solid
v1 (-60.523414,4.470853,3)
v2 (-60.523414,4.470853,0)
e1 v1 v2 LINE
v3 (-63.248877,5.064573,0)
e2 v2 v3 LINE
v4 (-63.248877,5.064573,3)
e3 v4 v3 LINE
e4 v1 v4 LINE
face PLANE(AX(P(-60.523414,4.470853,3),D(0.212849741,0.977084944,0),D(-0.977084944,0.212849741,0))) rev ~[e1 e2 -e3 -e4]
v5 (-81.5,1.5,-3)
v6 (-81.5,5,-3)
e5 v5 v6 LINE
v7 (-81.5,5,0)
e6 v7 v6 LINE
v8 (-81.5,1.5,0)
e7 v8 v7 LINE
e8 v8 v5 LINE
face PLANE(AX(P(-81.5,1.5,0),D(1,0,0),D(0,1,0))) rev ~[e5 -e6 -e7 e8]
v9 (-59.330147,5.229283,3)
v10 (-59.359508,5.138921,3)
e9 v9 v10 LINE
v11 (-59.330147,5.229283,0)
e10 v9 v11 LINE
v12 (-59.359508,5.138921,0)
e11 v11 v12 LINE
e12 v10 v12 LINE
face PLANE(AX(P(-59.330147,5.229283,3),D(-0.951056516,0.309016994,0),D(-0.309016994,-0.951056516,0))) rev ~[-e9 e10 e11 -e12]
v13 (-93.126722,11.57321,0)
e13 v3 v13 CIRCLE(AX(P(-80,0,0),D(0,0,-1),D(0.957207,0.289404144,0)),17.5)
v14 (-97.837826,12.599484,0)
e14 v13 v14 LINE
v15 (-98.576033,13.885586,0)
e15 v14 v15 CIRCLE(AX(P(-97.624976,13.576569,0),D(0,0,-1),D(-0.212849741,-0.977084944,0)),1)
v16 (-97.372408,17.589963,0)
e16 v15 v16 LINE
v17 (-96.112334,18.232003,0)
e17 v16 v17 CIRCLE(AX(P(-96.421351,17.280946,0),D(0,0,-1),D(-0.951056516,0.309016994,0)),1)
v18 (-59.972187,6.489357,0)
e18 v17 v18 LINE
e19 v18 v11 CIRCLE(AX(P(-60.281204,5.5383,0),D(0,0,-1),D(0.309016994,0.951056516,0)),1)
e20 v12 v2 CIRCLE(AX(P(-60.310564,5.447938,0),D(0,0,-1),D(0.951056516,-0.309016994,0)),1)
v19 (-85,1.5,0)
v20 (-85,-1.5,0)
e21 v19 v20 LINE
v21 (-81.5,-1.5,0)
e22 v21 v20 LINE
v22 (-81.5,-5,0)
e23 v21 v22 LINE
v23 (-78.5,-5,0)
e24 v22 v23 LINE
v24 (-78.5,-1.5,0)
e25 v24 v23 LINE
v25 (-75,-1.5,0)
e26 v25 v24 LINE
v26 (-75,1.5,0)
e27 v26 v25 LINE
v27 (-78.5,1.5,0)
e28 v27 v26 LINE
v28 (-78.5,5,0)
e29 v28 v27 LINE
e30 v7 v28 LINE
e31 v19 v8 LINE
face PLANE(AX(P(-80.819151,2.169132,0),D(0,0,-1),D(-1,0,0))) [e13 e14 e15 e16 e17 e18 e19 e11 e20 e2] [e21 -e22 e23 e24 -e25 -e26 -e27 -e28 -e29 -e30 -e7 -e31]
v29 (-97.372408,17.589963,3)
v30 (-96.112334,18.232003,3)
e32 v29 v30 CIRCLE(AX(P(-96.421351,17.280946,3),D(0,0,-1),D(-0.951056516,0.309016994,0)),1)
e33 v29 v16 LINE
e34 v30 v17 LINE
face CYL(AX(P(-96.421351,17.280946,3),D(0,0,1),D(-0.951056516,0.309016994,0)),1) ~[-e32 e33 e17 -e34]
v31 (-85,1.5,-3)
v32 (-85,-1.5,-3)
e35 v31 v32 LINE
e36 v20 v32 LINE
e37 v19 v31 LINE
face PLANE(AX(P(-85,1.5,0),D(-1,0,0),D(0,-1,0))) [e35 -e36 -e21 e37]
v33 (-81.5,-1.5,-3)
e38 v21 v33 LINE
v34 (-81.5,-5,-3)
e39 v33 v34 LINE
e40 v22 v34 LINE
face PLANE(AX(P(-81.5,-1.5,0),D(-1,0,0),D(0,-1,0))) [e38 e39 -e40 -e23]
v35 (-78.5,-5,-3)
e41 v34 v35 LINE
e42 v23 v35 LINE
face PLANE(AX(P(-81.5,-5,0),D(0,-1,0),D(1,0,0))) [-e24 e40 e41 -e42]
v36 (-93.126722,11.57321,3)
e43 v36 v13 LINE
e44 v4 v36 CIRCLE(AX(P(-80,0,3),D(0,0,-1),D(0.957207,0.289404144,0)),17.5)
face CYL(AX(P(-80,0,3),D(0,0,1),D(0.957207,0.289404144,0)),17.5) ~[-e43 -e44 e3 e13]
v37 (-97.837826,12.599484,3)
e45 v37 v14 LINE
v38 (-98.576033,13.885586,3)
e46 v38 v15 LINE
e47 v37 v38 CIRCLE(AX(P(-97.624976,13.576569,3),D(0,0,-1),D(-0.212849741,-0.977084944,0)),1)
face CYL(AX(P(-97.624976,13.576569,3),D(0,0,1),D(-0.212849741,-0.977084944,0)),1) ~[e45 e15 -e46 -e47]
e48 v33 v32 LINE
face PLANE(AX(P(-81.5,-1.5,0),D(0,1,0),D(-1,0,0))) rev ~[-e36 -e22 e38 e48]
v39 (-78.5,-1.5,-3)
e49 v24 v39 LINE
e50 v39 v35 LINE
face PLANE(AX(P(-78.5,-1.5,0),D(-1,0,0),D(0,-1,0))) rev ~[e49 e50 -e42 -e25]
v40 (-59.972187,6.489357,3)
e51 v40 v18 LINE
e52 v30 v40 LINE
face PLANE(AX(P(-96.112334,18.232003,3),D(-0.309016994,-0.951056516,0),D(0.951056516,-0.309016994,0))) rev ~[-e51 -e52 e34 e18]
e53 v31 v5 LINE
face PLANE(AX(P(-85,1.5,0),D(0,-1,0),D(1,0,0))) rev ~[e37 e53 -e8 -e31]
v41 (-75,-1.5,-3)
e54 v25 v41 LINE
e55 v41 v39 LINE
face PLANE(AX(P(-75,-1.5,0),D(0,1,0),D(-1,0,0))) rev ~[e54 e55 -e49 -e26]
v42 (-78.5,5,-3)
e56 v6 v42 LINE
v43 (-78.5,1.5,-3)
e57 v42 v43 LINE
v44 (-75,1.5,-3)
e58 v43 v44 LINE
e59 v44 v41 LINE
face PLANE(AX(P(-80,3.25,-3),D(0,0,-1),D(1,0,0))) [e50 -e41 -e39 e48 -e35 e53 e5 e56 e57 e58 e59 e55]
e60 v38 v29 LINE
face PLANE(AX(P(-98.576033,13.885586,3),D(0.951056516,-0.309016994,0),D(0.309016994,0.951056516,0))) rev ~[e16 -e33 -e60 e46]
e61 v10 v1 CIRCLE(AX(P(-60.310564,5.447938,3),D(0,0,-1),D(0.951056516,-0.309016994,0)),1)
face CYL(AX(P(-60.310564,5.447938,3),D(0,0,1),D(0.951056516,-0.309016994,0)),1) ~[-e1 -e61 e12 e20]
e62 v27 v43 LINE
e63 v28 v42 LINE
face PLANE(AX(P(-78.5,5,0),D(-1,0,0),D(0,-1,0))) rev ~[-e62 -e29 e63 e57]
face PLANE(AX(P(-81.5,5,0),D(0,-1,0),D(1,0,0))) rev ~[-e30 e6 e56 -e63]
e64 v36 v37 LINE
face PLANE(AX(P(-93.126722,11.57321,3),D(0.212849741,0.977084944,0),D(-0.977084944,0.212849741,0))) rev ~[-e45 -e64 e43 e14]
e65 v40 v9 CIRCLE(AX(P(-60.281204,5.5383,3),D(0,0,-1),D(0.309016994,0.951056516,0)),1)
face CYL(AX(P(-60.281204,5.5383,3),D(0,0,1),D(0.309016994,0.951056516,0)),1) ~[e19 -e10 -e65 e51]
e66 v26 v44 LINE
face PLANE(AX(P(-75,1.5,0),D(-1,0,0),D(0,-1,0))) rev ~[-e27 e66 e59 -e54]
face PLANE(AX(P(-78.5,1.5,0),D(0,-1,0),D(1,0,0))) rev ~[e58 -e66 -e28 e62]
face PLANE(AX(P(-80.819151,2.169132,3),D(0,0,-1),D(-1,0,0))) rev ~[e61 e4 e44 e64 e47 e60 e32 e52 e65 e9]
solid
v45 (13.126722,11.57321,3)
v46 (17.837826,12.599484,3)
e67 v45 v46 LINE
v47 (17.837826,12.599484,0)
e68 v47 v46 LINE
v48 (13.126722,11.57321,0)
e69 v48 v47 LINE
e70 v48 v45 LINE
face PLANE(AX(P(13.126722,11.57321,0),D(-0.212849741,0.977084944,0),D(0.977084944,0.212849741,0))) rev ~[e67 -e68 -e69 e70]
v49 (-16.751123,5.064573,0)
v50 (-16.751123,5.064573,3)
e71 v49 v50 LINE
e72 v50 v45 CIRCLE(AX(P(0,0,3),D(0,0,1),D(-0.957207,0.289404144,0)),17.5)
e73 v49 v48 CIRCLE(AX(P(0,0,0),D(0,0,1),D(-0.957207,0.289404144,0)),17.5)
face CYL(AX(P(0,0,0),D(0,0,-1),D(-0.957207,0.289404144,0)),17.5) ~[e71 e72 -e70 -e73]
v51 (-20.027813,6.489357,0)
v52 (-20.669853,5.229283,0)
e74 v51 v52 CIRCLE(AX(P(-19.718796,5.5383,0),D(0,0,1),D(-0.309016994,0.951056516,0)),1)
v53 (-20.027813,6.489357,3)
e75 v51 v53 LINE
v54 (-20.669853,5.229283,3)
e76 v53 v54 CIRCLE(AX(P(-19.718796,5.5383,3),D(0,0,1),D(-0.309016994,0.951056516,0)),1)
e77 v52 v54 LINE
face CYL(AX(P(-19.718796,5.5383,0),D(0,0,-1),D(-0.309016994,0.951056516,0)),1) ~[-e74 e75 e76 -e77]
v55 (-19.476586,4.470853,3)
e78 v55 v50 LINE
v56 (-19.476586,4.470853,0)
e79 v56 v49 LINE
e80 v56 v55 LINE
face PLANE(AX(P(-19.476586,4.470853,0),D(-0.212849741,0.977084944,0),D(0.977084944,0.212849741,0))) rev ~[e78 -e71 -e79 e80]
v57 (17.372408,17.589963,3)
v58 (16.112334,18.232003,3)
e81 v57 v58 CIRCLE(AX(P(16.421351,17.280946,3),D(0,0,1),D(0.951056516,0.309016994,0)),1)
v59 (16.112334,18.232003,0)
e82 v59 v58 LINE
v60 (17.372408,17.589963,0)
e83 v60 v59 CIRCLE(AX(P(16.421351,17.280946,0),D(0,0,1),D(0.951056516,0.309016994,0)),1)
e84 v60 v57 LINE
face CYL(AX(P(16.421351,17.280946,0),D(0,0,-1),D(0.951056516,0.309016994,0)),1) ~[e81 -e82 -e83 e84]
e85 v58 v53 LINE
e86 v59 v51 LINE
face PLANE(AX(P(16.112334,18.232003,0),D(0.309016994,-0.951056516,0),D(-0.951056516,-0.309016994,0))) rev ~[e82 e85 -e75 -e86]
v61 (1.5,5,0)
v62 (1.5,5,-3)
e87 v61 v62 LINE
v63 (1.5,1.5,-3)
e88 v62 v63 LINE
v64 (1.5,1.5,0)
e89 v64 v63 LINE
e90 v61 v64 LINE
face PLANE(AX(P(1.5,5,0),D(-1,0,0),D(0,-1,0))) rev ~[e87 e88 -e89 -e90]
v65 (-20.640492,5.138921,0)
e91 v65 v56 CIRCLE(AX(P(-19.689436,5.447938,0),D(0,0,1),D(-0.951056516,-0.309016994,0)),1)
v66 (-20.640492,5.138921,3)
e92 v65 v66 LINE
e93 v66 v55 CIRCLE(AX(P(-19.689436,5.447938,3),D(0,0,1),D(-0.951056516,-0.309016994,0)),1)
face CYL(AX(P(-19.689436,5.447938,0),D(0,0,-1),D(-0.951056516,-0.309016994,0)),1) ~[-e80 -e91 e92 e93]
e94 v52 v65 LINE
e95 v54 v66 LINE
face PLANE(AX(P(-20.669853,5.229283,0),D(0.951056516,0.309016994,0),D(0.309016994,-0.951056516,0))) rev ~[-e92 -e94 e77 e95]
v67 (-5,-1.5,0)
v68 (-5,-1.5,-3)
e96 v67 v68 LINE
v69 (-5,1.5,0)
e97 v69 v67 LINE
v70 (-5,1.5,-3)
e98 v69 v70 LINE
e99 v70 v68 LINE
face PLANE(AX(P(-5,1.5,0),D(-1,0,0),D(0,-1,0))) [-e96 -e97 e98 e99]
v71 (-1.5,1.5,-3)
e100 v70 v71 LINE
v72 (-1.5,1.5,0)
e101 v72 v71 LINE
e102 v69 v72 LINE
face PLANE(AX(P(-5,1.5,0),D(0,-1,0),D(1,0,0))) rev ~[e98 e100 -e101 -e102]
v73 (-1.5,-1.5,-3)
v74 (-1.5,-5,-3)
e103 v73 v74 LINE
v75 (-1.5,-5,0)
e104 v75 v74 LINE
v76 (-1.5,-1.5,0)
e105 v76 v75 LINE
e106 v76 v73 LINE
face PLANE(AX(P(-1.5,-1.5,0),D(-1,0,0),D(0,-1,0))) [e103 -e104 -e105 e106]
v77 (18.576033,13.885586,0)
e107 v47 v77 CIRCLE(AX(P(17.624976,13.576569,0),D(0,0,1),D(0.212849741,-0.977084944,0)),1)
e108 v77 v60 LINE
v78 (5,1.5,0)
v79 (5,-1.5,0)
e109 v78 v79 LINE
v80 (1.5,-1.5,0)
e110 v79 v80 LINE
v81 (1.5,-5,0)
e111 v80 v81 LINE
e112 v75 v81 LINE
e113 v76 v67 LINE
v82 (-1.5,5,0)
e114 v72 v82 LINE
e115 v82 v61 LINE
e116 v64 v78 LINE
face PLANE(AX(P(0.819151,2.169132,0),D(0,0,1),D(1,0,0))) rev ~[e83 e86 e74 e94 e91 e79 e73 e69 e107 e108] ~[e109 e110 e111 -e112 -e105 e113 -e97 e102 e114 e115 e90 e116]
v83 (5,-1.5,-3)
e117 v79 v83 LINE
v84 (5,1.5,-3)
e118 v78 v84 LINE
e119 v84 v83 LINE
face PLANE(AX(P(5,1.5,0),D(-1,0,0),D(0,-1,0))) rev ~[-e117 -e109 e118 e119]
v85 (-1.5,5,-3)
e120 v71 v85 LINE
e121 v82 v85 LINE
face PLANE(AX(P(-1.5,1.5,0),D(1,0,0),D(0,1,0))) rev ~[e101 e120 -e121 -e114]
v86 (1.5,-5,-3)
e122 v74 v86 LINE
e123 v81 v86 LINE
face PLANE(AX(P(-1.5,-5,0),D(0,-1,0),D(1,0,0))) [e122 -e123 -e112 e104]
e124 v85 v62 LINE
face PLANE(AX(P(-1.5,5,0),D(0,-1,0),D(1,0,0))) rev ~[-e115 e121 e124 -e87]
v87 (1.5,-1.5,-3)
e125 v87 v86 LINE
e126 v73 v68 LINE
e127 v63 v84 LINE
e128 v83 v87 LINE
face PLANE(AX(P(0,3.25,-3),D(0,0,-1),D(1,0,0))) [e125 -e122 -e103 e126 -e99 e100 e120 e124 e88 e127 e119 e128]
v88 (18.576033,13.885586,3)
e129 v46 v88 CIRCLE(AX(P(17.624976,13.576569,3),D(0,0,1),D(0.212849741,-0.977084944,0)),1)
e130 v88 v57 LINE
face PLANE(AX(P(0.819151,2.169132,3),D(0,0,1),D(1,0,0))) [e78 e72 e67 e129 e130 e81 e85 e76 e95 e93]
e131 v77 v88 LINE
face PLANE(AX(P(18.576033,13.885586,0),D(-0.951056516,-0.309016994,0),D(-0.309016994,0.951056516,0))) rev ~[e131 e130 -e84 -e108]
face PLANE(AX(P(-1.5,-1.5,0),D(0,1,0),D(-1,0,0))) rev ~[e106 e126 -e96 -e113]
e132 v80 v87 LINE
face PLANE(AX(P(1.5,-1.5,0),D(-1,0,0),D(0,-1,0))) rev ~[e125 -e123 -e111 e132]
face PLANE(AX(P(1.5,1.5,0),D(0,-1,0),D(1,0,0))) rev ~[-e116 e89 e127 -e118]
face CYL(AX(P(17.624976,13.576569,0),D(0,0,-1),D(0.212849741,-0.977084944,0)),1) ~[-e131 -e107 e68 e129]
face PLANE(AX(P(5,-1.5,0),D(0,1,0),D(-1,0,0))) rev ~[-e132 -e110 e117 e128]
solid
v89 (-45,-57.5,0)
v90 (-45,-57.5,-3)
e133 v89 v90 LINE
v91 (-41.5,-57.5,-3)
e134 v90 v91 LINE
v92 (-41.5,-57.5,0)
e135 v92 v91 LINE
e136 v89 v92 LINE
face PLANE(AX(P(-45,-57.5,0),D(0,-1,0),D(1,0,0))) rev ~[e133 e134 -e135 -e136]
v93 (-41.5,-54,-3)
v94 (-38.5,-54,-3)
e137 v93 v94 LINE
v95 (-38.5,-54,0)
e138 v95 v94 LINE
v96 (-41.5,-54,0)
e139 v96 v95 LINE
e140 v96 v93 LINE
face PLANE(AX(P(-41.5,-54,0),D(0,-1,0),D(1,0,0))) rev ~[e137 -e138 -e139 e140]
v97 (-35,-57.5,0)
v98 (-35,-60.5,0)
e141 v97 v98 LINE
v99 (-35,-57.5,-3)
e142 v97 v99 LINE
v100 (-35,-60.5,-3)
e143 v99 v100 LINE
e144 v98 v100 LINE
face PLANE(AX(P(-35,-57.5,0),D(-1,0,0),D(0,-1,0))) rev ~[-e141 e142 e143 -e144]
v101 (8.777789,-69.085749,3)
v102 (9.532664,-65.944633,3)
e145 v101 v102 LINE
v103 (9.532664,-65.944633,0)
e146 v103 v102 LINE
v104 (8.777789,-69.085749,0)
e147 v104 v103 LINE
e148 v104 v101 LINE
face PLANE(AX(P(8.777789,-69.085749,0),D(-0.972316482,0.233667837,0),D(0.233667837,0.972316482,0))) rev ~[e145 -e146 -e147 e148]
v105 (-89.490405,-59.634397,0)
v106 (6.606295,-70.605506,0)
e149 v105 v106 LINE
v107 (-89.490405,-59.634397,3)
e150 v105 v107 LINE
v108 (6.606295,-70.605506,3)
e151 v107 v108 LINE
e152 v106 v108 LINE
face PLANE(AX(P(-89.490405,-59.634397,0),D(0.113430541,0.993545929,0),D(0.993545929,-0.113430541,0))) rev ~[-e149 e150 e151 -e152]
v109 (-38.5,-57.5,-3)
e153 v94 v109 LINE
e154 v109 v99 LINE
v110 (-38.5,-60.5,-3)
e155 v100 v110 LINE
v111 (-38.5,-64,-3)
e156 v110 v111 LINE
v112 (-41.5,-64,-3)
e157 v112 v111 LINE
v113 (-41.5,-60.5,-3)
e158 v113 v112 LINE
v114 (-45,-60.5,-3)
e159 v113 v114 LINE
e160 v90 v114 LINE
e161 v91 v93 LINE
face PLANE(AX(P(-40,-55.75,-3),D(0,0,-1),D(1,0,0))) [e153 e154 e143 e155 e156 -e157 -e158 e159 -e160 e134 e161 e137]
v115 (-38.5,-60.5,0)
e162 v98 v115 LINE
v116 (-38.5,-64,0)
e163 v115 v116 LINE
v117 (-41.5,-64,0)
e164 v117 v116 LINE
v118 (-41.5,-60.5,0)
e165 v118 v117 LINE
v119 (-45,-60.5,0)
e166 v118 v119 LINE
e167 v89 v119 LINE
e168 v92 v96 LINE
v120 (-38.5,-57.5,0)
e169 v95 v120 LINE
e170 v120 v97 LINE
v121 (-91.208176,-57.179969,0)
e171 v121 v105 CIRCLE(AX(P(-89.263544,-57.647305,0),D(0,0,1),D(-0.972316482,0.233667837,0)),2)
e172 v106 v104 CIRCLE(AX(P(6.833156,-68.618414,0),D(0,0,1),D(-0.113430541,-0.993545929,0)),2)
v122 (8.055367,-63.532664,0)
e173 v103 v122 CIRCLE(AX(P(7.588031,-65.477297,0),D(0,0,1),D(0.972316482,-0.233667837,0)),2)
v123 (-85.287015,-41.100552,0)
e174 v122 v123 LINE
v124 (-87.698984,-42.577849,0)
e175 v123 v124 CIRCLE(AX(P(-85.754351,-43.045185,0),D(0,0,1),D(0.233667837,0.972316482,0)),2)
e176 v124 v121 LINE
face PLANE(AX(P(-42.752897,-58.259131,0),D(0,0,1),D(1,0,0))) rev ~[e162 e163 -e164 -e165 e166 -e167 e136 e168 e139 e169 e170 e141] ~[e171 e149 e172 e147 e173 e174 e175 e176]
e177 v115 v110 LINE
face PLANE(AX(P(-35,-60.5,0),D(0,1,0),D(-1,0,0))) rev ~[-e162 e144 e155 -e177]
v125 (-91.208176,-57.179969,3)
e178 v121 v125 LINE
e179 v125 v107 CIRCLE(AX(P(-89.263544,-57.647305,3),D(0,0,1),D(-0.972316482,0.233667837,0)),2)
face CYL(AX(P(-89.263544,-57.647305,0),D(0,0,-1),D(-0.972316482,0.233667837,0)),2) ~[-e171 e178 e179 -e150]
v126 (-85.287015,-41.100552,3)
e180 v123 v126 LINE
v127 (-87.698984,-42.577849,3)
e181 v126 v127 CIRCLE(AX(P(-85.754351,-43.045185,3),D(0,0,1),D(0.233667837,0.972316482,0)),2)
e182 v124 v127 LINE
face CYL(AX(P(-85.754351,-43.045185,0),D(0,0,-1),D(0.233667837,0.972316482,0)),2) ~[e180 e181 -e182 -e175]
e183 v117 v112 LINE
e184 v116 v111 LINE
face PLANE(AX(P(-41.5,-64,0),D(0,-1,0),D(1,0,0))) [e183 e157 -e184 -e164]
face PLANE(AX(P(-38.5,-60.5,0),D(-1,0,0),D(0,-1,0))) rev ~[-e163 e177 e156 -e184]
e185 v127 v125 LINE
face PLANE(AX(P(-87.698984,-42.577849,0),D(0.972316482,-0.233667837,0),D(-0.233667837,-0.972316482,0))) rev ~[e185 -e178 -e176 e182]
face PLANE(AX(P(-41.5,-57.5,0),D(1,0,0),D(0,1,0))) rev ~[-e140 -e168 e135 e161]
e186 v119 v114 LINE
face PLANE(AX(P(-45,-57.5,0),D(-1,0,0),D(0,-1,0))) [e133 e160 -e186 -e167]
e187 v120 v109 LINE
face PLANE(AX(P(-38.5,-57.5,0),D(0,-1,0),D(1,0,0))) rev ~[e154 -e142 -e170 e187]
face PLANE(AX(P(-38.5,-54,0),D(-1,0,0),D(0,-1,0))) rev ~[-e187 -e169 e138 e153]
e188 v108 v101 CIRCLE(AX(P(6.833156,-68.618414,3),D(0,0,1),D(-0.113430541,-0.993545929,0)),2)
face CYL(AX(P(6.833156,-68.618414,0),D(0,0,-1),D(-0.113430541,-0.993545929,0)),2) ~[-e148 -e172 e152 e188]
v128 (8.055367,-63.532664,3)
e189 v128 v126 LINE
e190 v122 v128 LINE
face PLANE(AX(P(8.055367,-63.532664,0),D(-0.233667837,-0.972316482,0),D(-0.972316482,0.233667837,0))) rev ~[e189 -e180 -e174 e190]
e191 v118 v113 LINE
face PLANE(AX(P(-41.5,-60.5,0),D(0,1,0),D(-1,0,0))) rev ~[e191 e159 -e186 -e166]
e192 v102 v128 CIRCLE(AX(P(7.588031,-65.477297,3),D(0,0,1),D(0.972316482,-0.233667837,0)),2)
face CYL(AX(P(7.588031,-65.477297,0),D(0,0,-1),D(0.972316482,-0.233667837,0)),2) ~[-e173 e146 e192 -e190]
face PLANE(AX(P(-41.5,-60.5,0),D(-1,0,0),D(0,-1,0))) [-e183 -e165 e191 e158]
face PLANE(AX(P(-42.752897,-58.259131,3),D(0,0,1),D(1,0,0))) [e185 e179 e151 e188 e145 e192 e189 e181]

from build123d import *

# Parameters (mm, degrees)
F1_DEPTH = 3
F2_DEPTH = 3
F3_ANGLE = 180
F5_W     = 3
F5_H     = 3.5
F5_H_2   = 3
F5_W_2   = 3.5
F6_DEPTH = 3


with BuildPart() as f1:
    # F0 (on Top) → F1 (new body)
    with BuildSketch(Plane.XY):
        with BuildLine():
            Line((-19.476585964, 4.4708532235), (-16.7511225031, 5.0645725276))
            ThreePointArc((-16.7511225031, 5.0645725276), (3.7248704752, -17.098986518), (13.1267215086, 11.573209686))
            Line((13.1267215086, 11.573209686), (17.8378262338, 12.5994842478))
            ThreePointArc((17.8378262338, 12.5994842478), (18.4922619086, 13.0787579756), (18.5760330087, 13.8855861861))
            Line((18.5760330087, 13.8855861861), (17.3724079721, 17.5899631462))
            ThreePointArc((17.3724079721, 17.5899631462), (16.8753419555, 18.171952676), (16.1123344614, 18.2320026681))
            Line((16.1123344614, 18.2320026681), (-20.0278131578, 6.4893568819))
            ThreePointArc((-20.0278131578, 6.4893568819), (-20.6098026876, 5.9922908653), (-20.6698526797, 5.2292833712))
            Line((-20.6698526797, 5.2292833712), (-20.6404922217, 5.138921173))
            ThreePointArc((-20.6404922217, 5.138921173), (-20.1872469216, 4.5806527512), (-19.476585964, 4.4708532235))
        make_face()
    extrude(amount=F1_DEPTH)


with BuildPart() as f1b:
    # F0 (on Top) → F1, piece 2 (new body)
    with BuildSketch(Plane.XY):
        with BuildLine():
            Line((8.0553670353, -63.5326643258), (-85.2870152727, -41.1005519625))
            ThreePointArc((-85.2870152727, -41.1005519625), (-86.7989578789, -41.3396655466), (-87.6989839117, -42.577849253))
            Line((-87.6989839117, -42.577849253), (-91.2081764859, -57.179969176))
            ThreePointArc((-91.2081764859, -57.179969176), (-90.9021100367, -58.794082847), (-89.4904046035, -59.6343967075))
            Line((-89.4904046035, -59.6343967075), (6.606294771, -70.6055056455))
            ThreePointArc((6.606294771, -70.6055056455), (7.9799338502, -70.2569803038), (8.7777888182, -69.0857494624))
            Line((8.7777888182, -69.0857494624), (9.5326643258, -65.9446329647))
            ThreePointArc((9.5326643258, -65.9446329647), (9.2935507417, -64.4326903586), (8.0553670353, -63.5326643258))
        make_face()
    extrude(amount=F1_DEPTH)



with BuildPart() as f2:
    # F0 (on Top) → F2 (new body)
    with BuildSketch(Plane.XY):
        with BuildLine():
            Line((-19.476585964, 4.4708532235), (-16.7511225031, 5.0645725276))
            ThreePointArc((-16.7511225031, 5.0645725276), (3.7248704752, -17.098986518), (13.1267215086, 11.573209686))
            Line((13.1267215086, 11.573209686), (17.8378262338, 12.5994842478))
            ThreePointArc((17.8378262338, 12.5994842478), (18.4922619086, 13.0787579756), (18.5760330087, 13.8855861861))
            Line((18.5760330087, 13.8855861861), (17.3724079721, 17.5899631462))
            ThreePointArc((17.3724079721, 17.5899631462), (16.8753419555, 18.171952676), (16.1123344614, 18.2320026681))
            Line((16.1123344614, 18.2320026681), (-20.0278131578, 6.4893568819))
            ThreePointArc((-20.0278131578, 6.4893568819), (-20.6098026876, 5.9922908653), (-20.6698526797, 5.2292833712))
            Line((-20.6698526797, 5.2292833712), (-20.6404922217, 5.138921173))
            ThreePointArc((-20.6404922217, 5.138921173), (-20.1872469216, 4.5806527512), (-19.476585964, 4.4708532235))
        make_face()
    extrude(amount=F2_DEPTH)


with BuildPart() as f2b:
    # F0 (on Top) → F2, piece 2 (new body)
    with BuildSketch(Plane.XY):
        with BuildLine():
            Line((8.0553670353, -63.5326643258), (-85.2870152727, -41.1005519625))
            ThreePointArc((-85.2870152727, -41.1005519625), (-86.7989578789, -41.3396655466), (-87.6989839117, -42.577849253))
            Line((-87.6989839117, -42.577849253), (-91.2081764859, -57.179969176))
            ThreePointArc((-91.2081764859, -57.179969176), (-90.9021100367, -58.794082847), (-89.4904046035, -59.6343967075))
            Line((-89.4904046035, -59.6343967075), (6.606294771, -70.6055056455))
            ThreePointArc((6.606294771, -70.6055056455), (7.9799338502, -70.2569803038), (8.7777888182, -69.0857494624))
            Line((8.7777888182, -69.0857494624), (9.5326643258, -65.9446329647))
            ThreePointArc((9.5326643258, -65.9446329647), (9.2935507417, -64.4326903586), (8.0553670353, -63.5326643258))
        make_face()
    extrude(amount=F2_DEPTH)


with BuildPart() as f3_1:
    # F3: copy of F1
    add(f1.part.rotate(Axis((-40, -25.4947505891, 0), (0, 1, 0)), F3_ANGLE))


with BuildPart() as f3_1_1:
    # F4: moved
    add(f3_1.part.moved(Location((0, 0, 3))))

    # F5 (on face) → F6, piece 2 (join)
    with BuildSketch(Plane(origin=(0, 0, 0), x_dir=(1, 0, 0), z_dir=(0, 0, -1))):
        with Locations((-80, -3.25)):
            Rectangle(F5_W, F5_H)
        with Locations((-76.75, 0)):
            Rectangle(F5_W_2, F5_H_2)
        with Locations((-80, 0)):
            Rectangle(F5_W, F5_H_2)
        with Locations((-83.25, 0)):
            Rectangle(F5_W_2, F5_H_2)
        with Locations((-80, 3.25)):
            Rectangle(F5_W, F5_H)
    extrude(amount=F6_DEPTH)


with BuildPart() as f1_1:
    add(f1.part)

    add(f2.part)  # F6 merges F2
    # F5 (on face) → F6 (join)
    with BuildSketch(Plane(origin=(0, 0, 0), x_dir=(1, 0, 0), z_dir=(0, 0, -1))):
        with Locations((0, -3.25)):
            Rectangle(F5_W, F5_H)
        Rectangle(F5_W, F5_H_2)
        with Locations((3.25, 0)):
            Rectangle(F5_W_2, F5_H_2)
        with Locations((-3.25, 0)):
            Rectangle(F5_W_2, F5_H_2)
        with Locations((0, 3.25)):
            Rectangle(F5_W, F5_H)
    extrude(amount=F6_DEPTH)


with BuildPart() as f1b_1:
    add(f1b.part)

    add(f2b.part)  # F6#3 merges F2b
    # F5 (on face) → F6, piece 3 (join)
    with BuildSketch(Plane(origin=(0, 0, 0), x_dir=(1, 0, 0), z_dir=(0, 0, -1))):
        with Locations((-40, 55.75)):
            Rectangle(F5_W, F5_H)
        with Locations((-40, 59)):
            Rectangle(F5_W, F5_H_2)
        with Locations((-36.75, 59)):
            Rectangle(F5_W_2, F5_H_2)
        with Locations((-43.25, 59)):
            Rectangle(F5_W_2, F5_H_2)
        with Locations((-40, 62.25)):
            Rectangle(F5_W, F5_H)
    extrude(amount=F6_DEPTH)


solid = Compound([f3_1_1.part, f1_1.part, f1b_1.part])
